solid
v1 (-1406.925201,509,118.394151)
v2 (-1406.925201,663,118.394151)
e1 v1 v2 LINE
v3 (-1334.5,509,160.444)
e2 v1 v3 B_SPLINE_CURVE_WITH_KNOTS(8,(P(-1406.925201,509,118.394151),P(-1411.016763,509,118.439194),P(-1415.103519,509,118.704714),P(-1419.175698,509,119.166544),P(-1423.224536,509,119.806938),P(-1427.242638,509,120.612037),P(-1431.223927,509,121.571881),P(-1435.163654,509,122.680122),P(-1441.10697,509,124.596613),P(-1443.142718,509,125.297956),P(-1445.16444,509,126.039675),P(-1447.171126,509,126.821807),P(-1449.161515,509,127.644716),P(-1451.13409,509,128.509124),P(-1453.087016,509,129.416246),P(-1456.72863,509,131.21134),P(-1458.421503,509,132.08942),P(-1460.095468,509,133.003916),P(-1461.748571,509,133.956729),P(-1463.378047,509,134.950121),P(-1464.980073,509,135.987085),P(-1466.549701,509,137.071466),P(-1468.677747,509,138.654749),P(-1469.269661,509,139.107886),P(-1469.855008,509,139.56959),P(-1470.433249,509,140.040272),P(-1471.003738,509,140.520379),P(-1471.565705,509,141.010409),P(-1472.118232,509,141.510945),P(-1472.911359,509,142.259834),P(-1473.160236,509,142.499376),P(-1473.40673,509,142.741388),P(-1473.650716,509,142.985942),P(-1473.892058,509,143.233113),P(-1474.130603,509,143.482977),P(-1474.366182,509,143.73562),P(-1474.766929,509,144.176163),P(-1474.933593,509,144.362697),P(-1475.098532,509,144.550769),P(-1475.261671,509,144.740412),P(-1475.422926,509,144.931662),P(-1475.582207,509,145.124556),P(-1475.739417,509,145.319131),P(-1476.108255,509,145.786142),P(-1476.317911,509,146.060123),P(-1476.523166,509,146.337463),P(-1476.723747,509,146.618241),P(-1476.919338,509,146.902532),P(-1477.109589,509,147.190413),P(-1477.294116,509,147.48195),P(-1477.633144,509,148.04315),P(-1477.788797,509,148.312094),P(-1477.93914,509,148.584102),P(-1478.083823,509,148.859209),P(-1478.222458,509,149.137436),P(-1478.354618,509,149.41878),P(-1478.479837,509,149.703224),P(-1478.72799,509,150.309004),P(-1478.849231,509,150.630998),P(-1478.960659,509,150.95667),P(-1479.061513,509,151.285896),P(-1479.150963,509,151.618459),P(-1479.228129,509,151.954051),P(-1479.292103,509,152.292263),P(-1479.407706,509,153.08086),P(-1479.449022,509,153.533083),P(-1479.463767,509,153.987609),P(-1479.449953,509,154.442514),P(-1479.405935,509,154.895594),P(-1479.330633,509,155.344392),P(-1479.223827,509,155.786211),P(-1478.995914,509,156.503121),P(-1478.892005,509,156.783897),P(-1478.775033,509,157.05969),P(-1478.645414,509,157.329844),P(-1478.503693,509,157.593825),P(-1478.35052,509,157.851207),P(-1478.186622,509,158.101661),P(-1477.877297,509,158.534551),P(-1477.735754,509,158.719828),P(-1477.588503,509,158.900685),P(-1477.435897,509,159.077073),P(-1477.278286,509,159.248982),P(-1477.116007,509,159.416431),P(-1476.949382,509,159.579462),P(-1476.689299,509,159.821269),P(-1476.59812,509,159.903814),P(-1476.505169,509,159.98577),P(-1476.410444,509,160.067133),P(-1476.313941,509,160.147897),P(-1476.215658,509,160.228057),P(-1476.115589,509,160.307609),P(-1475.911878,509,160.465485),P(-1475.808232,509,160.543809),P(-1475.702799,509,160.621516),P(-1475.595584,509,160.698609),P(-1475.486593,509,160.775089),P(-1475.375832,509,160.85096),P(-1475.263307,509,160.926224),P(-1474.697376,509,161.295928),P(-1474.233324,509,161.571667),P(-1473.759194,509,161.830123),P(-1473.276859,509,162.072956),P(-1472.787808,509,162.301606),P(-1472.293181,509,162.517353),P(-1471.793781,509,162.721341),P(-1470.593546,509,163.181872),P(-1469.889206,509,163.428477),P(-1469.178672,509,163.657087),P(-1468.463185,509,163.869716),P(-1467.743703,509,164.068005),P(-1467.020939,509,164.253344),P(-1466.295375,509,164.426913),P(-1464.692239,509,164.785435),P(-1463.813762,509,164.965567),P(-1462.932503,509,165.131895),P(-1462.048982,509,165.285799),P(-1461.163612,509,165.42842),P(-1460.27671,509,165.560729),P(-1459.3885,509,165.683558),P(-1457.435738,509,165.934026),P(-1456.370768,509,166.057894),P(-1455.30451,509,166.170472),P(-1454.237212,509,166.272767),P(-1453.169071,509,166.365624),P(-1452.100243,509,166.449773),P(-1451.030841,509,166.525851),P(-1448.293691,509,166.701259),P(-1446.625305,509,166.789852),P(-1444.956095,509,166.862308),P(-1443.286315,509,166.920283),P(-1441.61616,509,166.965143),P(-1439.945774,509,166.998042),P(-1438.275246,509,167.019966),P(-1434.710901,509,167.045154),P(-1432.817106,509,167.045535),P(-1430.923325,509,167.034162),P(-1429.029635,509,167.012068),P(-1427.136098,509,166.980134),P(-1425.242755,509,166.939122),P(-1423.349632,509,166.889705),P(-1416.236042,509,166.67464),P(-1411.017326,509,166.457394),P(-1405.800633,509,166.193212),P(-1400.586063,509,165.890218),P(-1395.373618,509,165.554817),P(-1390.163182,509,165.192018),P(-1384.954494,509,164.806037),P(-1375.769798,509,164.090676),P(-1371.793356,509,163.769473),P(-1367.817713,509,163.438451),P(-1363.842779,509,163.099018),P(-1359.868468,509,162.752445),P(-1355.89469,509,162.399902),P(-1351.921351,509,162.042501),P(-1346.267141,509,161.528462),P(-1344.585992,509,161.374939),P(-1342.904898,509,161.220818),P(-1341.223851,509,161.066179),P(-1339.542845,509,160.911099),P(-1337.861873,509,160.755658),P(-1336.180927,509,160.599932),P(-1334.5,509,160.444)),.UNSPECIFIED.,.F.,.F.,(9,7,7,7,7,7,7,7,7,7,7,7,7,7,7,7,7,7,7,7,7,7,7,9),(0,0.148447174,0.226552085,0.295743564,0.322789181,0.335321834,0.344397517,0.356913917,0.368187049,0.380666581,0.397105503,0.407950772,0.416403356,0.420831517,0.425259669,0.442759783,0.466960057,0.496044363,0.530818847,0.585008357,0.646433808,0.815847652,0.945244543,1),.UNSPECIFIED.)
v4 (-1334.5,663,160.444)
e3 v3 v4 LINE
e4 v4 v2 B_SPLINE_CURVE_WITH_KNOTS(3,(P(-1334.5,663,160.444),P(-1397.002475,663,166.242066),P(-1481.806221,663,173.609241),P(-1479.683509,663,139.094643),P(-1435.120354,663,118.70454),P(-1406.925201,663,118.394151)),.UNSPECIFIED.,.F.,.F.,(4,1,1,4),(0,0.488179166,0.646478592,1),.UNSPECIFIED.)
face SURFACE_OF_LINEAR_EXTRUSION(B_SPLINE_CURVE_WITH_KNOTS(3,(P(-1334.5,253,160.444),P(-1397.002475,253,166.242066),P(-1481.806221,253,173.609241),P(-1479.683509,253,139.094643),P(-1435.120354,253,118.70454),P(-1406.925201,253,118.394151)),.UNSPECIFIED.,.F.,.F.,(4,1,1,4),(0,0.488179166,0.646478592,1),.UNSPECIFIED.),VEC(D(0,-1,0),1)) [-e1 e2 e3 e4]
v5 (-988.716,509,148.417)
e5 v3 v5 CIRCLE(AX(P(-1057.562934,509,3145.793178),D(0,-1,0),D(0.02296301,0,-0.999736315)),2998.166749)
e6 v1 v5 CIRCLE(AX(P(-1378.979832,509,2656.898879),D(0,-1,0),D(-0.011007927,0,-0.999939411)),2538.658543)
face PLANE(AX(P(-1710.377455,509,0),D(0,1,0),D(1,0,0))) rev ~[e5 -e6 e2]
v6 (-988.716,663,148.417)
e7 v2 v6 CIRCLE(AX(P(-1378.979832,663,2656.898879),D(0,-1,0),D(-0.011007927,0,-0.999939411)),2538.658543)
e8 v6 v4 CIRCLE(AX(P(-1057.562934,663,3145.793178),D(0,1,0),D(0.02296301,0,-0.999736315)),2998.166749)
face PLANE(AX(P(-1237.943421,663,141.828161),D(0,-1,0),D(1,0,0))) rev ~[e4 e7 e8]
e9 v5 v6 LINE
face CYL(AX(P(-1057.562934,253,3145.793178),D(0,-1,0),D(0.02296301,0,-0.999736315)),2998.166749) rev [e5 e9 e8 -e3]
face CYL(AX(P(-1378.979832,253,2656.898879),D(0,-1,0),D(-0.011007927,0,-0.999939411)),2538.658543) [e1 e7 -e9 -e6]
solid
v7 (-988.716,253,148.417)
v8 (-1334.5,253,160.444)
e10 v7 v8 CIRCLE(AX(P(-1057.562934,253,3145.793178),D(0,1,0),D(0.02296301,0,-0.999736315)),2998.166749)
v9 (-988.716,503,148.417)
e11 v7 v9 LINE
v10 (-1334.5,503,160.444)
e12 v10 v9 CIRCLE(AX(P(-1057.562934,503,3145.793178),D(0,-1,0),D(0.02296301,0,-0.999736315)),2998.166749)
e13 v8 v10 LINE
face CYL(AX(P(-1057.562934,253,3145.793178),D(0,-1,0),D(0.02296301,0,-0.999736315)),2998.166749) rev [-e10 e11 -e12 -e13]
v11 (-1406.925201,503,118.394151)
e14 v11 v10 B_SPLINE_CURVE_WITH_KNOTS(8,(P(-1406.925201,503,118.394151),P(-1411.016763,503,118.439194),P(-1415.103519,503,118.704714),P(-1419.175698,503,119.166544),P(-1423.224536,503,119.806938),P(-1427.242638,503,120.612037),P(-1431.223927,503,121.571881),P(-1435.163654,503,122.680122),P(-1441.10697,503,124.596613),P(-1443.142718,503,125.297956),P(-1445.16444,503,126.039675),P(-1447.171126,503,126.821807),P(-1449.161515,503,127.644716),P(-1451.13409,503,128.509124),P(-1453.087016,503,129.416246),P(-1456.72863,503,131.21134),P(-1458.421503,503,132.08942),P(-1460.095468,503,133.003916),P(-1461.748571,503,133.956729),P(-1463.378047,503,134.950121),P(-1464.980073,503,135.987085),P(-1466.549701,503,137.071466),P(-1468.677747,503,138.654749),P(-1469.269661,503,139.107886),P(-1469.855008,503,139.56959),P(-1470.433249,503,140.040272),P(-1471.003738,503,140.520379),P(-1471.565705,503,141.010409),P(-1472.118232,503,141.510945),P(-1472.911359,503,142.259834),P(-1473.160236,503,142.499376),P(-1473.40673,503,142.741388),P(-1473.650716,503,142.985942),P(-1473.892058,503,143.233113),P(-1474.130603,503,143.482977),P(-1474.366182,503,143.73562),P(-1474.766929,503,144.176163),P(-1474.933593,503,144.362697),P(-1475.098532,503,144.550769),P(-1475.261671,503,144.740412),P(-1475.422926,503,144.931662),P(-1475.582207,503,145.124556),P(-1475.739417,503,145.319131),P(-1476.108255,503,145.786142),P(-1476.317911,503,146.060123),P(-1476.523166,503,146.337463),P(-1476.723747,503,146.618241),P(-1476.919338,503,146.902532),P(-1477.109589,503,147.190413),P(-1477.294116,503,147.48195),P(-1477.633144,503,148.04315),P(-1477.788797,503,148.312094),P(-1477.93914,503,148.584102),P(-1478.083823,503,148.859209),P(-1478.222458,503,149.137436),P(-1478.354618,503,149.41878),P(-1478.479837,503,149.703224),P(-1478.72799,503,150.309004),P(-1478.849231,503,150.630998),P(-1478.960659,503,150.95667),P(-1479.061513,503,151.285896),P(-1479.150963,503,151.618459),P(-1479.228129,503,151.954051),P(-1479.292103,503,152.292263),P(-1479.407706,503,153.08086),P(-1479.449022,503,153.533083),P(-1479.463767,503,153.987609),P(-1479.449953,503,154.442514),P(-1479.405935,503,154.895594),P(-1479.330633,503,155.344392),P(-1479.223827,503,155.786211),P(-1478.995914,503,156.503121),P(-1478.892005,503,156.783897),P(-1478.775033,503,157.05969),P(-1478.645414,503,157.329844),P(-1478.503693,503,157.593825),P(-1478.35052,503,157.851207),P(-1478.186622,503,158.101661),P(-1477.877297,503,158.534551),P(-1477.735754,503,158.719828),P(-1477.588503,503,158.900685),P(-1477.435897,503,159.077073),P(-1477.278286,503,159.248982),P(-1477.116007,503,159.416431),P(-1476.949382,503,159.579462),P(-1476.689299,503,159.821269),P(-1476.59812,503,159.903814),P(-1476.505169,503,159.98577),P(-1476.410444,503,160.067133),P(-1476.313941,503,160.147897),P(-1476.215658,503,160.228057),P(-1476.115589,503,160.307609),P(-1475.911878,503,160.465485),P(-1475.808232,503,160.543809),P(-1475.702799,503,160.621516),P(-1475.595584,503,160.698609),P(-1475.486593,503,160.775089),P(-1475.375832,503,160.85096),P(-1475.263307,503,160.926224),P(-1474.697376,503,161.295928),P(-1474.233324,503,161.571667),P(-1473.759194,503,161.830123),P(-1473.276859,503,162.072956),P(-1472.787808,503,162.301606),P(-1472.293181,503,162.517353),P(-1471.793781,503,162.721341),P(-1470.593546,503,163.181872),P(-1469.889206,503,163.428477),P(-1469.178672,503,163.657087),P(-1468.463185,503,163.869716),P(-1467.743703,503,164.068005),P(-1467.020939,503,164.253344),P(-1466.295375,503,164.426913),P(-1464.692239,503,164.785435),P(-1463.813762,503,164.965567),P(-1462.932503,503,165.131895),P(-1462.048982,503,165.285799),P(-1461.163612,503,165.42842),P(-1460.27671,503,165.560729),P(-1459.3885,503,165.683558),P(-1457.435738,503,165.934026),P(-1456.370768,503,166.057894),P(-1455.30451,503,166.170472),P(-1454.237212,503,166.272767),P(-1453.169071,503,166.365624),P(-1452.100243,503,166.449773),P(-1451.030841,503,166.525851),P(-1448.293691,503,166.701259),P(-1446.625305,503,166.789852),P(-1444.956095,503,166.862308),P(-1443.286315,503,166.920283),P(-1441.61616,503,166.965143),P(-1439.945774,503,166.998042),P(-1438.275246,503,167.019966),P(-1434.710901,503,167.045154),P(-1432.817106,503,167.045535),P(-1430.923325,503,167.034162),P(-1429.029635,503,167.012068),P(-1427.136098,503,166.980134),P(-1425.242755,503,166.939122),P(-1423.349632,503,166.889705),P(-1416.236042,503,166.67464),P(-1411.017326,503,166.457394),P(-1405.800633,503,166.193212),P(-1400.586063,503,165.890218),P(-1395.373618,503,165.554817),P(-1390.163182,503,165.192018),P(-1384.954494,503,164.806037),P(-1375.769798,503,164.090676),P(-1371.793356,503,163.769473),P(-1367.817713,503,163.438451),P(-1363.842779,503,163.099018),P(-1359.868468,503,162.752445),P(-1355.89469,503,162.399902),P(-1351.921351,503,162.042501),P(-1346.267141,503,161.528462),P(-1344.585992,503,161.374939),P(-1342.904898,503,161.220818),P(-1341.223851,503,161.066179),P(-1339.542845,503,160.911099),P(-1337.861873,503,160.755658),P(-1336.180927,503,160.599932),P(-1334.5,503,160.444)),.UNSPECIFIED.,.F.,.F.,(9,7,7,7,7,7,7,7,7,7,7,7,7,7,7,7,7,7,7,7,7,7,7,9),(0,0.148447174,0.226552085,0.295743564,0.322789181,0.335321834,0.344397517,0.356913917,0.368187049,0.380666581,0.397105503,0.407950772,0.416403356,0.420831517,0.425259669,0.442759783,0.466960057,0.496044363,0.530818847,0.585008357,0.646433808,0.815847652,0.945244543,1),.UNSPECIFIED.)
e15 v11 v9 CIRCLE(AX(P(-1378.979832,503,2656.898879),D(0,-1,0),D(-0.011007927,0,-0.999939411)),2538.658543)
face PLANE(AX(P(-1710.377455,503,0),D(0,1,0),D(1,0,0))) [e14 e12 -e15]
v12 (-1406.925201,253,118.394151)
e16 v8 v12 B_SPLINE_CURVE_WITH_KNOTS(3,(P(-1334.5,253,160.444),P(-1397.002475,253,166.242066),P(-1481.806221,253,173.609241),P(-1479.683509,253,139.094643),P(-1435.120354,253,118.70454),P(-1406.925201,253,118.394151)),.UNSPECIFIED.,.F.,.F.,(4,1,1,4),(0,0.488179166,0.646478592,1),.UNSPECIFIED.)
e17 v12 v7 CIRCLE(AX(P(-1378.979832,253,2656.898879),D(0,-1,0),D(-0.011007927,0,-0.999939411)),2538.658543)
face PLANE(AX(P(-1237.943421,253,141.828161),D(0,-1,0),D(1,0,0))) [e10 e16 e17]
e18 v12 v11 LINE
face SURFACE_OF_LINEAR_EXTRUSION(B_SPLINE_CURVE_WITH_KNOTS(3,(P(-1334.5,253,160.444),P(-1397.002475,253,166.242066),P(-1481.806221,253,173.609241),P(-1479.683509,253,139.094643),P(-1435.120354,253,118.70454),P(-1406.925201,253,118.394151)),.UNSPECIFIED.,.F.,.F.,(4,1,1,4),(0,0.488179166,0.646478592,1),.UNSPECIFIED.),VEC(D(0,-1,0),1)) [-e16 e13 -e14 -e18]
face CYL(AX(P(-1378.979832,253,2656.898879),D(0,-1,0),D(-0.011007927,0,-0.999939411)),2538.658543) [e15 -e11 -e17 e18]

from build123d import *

# Parameters (mm, degrees)
F2_DEPTH = 410
F3_W     = 1559.3330264091
F3_H     = 6
F4_DEPTH = 167.0408719674


with BuildPart() as f2:
    # F1 (on offset) → F2 (new body)
    with BuildSketch(Plane.XZ.offset(-253)):
        with BuildLine():
            ThreePointArc((-988.716, 148.417), (-1161.7816364548, 149.4383400359), (-1334.5, 160.444))
            add(Edge.make_bspline(
                [(-1334.5, 160.444), (-1397.0024748407, 166.242066134), (-1481.8062211749, 173.6092407555), (-1479.6835086501, 139.0946427224), (-1435.1203538419, 118.704540329), (-1406.925201416, 118.39415133)],
                knots=[0, 0, 0, 0, 0.4881791658, 0.646478592, 1, 1, 1, 1], degree=3))
            ThreePointArc((-1406.925201416, 118.39415133), (-1197.1997177342, 124.7568636289), (-988.716, 148.417))
        make_face()
    extrude(amount=-F2_DEPTH)

    # F3 (on Top) → F4 (cut, through all)
    with BuildSketch(Plane.XY):
        with Locations((-930.7109415531, 506)):
            Rectangle(F3_W, F3_H)
    extrude(amount=F4_DEPTH, mode=Mode.SUBTRACT)


solid = f2.part
